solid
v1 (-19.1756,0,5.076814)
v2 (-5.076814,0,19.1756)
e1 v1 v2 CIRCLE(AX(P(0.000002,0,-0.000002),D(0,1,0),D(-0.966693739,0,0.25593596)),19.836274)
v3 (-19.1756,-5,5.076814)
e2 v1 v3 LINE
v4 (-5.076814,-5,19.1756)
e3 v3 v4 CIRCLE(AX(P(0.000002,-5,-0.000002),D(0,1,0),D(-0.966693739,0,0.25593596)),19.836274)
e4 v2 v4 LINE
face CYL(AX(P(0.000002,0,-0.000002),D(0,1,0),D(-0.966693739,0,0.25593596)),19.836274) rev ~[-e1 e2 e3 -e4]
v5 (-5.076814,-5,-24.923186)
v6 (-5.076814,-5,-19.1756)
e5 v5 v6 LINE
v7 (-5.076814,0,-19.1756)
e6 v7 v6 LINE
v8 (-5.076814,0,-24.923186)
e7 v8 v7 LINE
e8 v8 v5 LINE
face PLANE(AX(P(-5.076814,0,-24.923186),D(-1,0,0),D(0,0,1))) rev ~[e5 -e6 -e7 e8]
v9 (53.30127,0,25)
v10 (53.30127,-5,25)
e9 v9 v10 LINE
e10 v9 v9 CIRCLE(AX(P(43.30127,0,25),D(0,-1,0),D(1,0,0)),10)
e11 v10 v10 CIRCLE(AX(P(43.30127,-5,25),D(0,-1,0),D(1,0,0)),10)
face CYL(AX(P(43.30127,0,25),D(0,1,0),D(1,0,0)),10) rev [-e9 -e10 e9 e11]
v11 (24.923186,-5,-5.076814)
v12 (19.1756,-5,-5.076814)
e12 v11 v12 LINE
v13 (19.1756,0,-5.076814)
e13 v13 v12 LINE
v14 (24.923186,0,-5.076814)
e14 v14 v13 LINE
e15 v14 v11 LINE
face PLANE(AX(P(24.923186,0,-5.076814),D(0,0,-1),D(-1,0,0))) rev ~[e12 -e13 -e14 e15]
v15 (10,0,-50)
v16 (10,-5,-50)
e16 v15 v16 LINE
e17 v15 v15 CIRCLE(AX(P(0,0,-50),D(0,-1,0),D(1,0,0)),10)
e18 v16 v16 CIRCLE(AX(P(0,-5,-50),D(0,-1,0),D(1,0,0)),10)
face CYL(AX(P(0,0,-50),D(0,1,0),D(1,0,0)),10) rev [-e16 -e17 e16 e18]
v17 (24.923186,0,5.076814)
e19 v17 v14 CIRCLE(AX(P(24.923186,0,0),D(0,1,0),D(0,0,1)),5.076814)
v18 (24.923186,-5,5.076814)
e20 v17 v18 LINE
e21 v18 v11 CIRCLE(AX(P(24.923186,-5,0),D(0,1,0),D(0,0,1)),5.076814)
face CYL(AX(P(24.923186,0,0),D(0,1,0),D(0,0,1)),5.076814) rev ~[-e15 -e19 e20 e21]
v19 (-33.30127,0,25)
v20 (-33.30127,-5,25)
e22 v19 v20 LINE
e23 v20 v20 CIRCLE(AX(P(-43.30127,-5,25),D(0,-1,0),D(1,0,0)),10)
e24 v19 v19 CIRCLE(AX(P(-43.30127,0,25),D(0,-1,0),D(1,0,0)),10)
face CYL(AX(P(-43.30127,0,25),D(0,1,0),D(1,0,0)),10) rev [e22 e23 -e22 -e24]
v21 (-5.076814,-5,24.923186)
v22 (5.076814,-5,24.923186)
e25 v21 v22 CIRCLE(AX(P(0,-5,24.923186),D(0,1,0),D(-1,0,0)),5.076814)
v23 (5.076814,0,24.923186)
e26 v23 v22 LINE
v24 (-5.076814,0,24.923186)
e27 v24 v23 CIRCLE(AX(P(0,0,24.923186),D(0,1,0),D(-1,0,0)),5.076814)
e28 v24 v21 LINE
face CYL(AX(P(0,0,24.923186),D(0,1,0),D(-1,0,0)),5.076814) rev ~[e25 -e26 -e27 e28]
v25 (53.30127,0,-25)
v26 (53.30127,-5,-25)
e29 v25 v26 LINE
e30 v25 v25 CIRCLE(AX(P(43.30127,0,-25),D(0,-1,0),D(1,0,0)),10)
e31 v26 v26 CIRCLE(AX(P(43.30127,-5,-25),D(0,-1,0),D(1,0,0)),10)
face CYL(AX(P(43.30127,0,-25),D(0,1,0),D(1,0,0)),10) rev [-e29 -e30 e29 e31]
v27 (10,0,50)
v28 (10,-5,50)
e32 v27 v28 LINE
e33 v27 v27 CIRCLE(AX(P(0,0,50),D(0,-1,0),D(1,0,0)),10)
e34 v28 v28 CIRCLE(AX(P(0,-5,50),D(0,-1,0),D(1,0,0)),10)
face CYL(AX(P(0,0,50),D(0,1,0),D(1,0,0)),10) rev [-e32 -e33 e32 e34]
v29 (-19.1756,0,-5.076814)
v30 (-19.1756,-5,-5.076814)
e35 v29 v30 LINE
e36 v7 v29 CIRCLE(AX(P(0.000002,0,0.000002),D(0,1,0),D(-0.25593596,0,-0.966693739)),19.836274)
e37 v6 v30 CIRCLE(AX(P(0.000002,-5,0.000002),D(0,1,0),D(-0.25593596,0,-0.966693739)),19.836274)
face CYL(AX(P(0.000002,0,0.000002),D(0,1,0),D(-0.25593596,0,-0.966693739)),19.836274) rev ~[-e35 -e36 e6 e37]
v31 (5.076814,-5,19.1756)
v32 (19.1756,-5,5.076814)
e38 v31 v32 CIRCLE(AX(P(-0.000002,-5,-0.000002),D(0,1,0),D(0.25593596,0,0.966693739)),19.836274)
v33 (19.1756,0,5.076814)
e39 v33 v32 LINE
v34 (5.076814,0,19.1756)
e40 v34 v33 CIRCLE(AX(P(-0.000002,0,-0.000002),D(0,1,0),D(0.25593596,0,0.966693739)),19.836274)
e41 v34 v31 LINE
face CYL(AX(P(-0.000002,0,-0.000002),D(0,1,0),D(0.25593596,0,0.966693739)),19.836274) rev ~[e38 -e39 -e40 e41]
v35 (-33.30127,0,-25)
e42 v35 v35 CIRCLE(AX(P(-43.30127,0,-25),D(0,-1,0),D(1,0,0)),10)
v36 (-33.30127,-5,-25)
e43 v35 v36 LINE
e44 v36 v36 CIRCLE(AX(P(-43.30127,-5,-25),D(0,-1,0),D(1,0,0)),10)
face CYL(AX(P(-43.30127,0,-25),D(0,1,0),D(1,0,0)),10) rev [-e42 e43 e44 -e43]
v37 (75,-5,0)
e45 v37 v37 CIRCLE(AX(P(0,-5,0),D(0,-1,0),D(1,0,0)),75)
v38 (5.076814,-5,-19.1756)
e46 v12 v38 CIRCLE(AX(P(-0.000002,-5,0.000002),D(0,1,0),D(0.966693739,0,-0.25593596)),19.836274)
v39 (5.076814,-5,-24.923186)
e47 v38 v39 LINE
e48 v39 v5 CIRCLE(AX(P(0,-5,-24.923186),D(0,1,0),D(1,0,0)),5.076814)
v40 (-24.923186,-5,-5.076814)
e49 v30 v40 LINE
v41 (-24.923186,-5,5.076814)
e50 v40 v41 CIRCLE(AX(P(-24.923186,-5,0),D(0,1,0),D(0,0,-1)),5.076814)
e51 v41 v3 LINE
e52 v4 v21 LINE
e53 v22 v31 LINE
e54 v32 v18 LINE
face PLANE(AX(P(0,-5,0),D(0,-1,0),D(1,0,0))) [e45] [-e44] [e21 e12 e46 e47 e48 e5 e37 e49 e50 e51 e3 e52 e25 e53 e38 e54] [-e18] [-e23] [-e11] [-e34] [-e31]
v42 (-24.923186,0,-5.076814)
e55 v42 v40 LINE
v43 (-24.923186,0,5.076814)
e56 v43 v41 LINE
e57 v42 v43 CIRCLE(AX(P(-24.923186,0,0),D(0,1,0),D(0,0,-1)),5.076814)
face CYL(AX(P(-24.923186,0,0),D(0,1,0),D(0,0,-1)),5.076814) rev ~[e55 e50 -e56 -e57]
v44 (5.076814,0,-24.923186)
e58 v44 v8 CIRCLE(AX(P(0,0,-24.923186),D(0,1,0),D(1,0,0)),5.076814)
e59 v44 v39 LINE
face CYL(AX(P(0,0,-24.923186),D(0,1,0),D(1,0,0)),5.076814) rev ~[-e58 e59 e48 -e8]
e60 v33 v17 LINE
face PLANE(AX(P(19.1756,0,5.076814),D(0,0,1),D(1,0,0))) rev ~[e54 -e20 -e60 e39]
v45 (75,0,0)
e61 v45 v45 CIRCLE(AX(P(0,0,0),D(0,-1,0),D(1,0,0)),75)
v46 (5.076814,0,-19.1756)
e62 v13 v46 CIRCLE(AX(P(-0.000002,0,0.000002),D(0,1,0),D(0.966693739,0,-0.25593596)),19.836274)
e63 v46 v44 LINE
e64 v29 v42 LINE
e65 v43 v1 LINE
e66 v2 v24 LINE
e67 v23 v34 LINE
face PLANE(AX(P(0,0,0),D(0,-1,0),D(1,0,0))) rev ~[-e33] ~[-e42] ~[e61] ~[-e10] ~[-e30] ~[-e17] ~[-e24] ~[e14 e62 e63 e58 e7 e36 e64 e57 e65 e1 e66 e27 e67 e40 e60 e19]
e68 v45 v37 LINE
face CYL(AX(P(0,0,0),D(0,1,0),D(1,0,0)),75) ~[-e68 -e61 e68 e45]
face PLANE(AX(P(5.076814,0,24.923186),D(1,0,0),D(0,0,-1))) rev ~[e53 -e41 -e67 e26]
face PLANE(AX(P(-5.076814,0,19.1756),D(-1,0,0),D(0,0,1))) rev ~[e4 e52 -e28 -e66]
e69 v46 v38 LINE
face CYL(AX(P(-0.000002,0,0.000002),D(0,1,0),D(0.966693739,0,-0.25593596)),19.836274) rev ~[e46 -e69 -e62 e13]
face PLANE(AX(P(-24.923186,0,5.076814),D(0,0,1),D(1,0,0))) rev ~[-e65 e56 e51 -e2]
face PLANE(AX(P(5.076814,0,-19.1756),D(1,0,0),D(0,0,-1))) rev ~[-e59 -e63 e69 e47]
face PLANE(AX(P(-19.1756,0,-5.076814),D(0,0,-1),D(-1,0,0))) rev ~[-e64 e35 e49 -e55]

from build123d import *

# Parameters (mm, degrees)
F0_R     = 75
F0_R_2   = 10
F1_DEPTH = 5


with BuildPart() as f1:
    # F0 (on Front) → F1 (new body)
    with BuildSketch(Plane.XZ):
        Circle(F0_R)
        with Locations((-43.30127, -25)):
            Circle(F0_R_2, mode=Mode.SUBTRACT)
        with Locations((0, -50)):
            Circle(F0_R_2, mode=Mode.SUBTRACT)
        with Locations((43.30127, -25)):
            Circle(F0_R_2, mode=Mode.SUBTRACT)
        with Locations((-43.30127, 25)):
            Circle(F0_R_2, mode=Mode.SUBTRACT)
        with BuildLine():
            ThreePointArc((-19.1756, 5.076814), (-14.026362, 14.026362), (-5.076814, 19.1756))
            Line((-5.076814, 19.1756), (-5.076814, 24.923186))
            ThreePointArc((-5.076814, 24.923186), (0, 30), (5.076814, 24.923186))
            Line((5.076814, 24.923186), (5.076814, 19.1756))
            ThreePointArc((5.076814, 19.1756), (14.026362, 14.026362), (19.1756, 5.076814))
            Line((19.1756, 5.076814), (24.923186, 5.076814))
            ThreePointArc((24.923186, 5.076814), (30, 0), (24.923186, -5.076814))
            Line((24.923186, -5.076814), (19.1756, -5.076814))
            ThreePointArc((19.1756, -5.076814), (14.026362, -14.026362), (5.076814, -19.1756))
            Line((5.076814, -19.1756), (5.076814, -24.923186))
            ThreePointArc((5.076814, -24.923186), (0, -30), (-5.076814, -24.923186))
            Line((-5.076814, -24.923186), (-5.076814, -19.1756))
            ThreePointArc((-5.076814, -19.1756), (-14.026362, -14.026362), (-19.1756, -5.076814))
            Line((-19.1756, -5.076814), (-24.923186, -5.076814))
            ThreePointArc((-24.923186, -5.076814), (-30, 0), (-24.923186, 5.076814))
            Line((-24.923186, 5.076814), (-19.1756, 5.076814))
        make_face(mode=Mode.SUBTRACT)
        with Locations((43.30127, 25)):
            Circle(F0_R_2, mode=Mode.SUBTRACT)
        with Locations((0, 50)):
            Circle(F0_R_2, mode=Mode.SUBTRACT)
    extrude(amount=F1_DEPTH)


solid = f1.part
